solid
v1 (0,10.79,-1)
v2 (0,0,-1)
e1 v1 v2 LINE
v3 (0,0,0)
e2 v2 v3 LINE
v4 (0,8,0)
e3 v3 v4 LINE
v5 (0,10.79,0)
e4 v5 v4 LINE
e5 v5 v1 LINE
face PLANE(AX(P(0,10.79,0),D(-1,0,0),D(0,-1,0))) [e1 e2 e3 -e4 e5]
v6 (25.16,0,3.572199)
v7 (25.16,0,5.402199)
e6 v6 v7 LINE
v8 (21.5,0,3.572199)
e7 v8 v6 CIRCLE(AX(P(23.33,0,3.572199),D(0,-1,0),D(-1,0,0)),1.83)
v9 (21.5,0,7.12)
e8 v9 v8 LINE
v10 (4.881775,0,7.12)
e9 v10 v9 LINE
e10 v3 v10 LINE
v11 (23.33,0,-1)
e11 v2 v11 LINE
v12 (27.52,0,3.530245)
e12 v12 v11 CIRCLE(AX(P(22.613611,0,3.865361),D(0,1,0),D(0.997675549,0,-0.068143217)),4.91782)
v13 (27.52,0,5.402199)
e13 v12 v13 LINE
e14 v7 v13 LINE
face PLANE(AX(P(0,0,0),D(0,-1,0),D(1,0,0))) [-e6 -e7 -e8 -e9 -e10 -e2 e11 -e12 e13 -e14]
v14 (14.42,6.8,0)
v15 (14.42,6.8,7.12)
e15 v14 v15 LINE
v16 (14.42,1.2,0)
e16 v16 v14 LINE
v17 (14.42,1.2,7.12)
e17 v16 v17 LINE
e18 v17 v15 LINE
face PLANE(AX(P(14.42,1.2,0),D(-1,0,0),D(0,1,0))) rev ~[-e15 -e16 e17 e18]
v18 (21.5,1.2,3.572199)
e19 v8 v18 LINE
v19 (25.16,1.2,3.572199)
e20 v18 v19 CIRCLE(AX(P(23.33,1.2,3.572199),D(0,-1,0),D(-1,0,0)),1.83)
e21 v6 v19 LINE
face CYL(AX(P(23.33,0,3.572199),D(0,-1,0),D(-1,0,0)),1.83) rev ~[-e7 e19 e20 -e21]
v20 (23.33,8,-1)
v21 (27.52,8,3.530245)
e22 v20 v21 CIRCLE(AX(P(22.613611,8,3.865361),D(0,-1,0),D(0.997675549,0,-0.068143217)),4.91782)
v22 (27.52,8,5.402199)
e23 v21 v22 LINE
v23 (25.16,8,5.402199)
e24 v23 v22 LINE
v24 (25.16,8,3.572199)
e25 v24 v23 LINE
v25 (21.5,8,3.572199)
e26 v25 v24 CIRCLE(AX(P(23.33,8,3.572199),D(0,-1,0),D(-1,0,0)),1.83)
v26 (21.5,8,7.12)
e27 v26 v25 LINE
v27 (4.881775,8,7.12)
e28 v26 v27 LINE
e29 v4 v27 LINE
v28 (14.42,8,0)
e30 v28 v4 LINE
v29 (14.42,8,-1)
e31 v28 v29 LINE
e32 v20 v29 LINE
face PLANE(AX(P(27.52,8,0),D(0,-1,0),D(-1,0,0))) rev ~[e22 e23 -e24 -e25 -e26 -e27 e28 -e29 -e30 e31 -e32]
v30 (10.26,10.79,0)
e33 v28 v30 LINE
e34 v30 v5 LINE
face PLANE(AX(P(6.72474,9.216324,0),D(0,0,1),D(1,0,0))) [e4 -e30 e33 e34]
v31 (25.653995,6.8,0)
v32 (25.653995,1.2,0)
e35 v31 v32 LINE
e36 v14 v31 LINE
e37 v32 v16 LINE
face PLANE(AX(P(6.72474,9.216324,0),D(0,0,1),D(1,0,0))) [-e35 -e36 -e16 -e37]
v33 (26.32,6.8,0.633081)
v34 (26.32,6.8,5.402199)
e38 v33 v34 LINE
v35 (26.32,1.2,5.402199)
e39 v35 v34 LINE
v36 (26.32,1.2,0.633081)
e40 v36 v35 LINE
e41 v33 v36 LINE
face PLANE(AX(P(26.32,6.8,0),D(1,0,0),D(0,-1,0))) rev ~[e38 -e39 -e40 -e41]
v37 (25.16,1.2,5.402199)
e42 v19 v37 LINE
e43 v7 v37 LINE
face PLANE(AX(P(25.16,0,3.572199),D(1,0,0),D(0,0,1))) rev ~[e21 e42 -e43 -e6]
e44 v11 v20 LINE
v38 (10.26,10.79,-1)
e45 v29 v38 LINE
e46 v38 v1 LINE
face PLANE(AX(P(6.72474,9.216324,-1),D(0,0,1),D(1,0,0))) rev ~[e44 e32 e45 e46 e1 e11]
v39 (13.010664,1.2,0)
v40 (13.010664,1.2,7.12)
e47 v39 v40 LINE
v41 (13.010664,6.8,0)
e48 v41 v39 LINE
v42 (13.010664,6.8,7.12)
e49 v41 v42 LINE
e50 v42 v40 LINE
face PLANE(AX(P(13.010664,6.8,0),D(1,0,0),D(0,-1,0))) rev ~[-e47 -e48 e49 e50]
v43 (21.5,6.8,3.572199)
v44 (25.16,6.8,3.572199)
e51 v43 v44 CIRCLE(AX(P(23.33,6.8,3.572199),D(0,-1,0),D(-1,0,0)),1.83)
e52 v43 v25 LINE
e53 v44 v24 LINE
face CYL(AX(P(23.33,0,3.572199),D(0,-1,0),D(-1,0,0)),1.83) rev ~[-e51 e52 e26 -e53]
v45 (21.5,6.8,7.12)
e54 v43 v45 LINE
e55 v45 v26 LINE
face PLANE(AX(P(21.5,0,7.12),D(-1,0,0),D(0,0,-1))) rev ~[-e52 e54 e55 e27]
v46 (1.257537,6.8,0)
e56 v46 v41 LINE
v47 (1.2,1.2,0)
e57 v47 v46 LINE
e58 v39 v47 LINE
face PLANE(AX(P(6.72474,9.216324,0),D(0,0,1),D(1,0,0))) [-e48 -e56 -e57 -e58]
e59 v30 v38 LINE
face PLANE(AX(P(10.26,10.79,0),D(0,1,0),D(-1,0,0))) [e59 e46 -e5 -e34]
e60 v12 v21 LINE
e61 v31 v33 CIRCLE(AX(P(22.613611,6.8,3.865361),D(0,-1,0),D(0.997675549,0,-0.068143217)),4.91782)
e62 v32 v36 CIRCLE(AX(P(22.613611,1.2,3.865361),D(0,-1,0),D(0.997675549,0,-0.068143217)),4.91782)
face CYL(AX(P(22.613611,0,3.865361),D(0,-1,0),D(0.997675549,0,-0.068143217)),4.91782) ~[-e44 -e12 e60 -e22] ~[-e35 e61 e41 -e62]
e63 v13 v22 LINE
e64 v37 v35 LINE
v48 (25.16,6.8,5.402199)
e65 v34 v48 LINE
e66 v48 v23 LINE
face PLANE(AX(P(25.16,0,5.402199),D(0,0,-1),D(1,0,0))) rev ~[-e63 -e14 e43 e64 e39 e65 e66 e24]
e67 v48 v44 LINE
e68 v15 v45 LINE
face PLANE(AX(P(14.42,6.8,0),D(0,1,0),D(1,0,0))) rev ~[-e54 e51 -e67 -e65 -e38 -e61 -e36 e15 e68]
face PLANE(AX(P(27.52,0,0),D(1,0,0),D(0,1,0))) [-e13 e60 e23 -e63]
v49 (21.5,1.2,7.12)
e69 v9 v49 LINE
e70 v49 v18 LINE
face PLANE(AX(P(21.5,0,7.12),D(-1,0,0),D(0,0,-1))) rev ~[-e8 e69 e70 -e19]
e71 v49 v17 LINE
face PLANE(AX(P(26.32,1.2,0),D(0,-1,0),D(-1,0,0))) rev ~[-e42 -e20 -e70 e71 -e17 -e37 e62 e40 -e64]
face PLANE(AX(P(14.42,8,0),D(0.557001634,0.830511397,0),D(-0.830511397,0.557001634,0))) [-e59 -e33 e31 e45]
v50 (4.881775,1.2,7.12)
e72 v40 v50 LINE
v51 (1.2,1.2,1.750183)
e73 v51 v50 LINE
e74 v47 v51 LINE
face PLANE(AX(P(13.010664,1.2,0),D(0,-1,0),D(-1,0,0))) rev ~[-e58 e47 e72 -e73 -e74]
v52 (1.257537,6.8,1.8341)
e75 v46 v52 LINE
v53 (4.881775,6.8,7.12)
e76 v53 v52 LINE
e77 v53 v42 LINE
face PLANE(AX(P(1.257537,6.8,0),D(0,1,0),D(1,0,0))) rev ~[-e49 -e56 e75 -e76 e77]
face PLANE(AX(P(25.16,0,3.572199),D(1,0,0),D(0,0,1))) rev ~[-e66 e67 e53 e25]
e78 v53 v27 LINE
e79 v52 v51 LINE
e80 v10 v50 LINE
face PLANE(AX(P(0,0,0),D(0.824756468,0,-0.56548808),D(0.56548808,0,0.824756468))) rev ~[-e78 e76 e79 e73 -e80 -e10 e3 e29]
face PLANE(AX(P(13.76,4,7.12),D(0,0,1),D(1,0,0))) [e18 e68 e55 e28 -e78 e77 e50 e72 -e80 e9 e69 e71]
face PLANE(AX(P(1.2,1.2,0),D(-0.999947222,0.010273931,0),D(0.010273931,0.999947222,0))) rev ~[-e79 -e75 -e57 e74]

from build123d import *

# Parameters (mm, degrees)
F1_DEPTH = 7.12
F2_DEPTH = 1
F3_W     = 2.36
F3_H     = 1.7178014041
F4_DEPTH = 10.791
F5_DEPTH = 25


with BuildPart() as f1:
    # F0 (on Top) → F1 (new body)
    with BuildSketch(Plane.XY):
        Polygon((0, 8), (0, 0), (10.26, 0), (14.42, 0), (22.52, 0), (27.52, 0), (27.52, 8), (22.52, 8), (14.42, 8), (1.2575370492, 8), align=None)
        Polygon((10.26, 1.2), (1.2, 1.2), (1.2575370492, 6.8), (13.0106639117, 6.8), (14.0548550674, 6.8), (14.42, 6.8), (22.52, 6.8), (26.32, 6.8), (26.32, 1.2), (22.52, 1.2), (14.42, 1.2), (13.0106639117, 1.2), align=None, mode=Mode.SUBTRACT)
        Polygon((14.0548550674, 6.8), (13.0106639117, 6.8), (13.0106639117, 1.2), (14.42, 1.2), (14.42, 6.8), align=None)
    extrude(amount=F1_DEPTH)

    # F0 (on Top) → F2 (join)
    with BuildSketch(Plane.XY):
        Polygon((0, 10.79), (0, 8), (1.2575370492, 8), (14.42, 8), (10.26, 10.79), align=None)
        Polygon((0, 8), (0, 0), (10.26, 0), (14.42, 0), (22.52, 0), (27.52, 0), (27.52, 8), (22.52, 8), (14.42, 8), (1.2575370492, 8), align=None)
        Polygon((10.26, 1.2), (1.2, 1.2), (1.2575370492, 6.8), (13.0106639117, 6.8), (14.0548550674, 6.8), (14.42, 6.8), (22.52, 6.8), (26.32, 6.8), (26.32, 1.2), (22.52, 1.2), (14.42, 1.2), (13.0106639117, 1.2), align=None, mode=Mode.SUBTRACT)
        Polygon((1.2575370492, 6.8), (1.2, 1.2), (10.26, 1.2), (13.0106639117, 1.2), (13.0106639117, 6.8), align=None)
        Polygon((14.0548550674, 6.8), (13.0106639117, 6.8), (13.0106639117, 1.2), (14.42, 1.2), (14.42, 6.8), align=None)
        Polygon((14.42, 6.8), (14.42, 1.2), (22.52, 1.2), (26.32, 1.2), (26.32, 6.8), (22.52, 6.8), align=None)
    extrude(amount=-F2_DEPTH)

    # F3 (on Front) → F4 (cut, through all)
    with BuildSketch(Plane.XZ):
        with BuildLine():
            ThreePointArc((21.5, 3.5721985959), (23.33, 1.7421985959), (25.16, 3.5721985959))
            ThreePointArc((25.16, 3.5721985959), (24.6240054096, 4.8662040054), (23.33, 5.4021985959))
            ThreePointArc((23.33, 5.4021985959), (22.0359945904, 4.8662040054), (21.5, 3.5721985959))
        make_face()
        with BuildLine():
            ThreePointArc((21.5, 3.5721985959), (22.0359945904, 4.8662040054), (23.33, 5.4021985959))
            Line((23.33, 5.4021985959), (25.16, 5.4021985959))
            Line((25.16, 5.4021985959), (25.16, 7.12))
            Line((25.16, 7.12), (21.5, 7.12))
            Line((21.5, 7.12), (21.5, 3.5721985959))
        make_face()
        with Locations((26.34, 6.2610992979)):
            Rectangle(F3_W, F3_H)
        with BuildLine():
            ThreePointArc((23.33, 5.4021985959), (24.6240054096, 4.8662040054), (25.16, 3.5721985959))
            Line((25.16, 3.5721985959), (25.16, 5.4021985959))
            Line((25.16, 5.4021985959), (23.33, 5.4021985959))
        make_face()
        with BuildLine():
            Line((27.52, -1), (27.52, 3.5302453605))
            ThreePointArc((27.52, 3.5302453605), (26.2239695669, 0.5261599489), (23.33, -1))
            Line((23.33, -1), (27.52, -1))
        make_face()
    extrude(amount=-F4_DEPTH, mode=Mode.SUBTRACT)

    # F3 (on Front) → F5 (cut)
    with BuildSketch(Plane.XZ):
        Polygon((0, 0), (4.881774541, 7.12), (0, 7.12), align=None)
    extrude(amount=-F5_DEPTH, mode=Mode.SUBTRACT)


solid = f1.part
